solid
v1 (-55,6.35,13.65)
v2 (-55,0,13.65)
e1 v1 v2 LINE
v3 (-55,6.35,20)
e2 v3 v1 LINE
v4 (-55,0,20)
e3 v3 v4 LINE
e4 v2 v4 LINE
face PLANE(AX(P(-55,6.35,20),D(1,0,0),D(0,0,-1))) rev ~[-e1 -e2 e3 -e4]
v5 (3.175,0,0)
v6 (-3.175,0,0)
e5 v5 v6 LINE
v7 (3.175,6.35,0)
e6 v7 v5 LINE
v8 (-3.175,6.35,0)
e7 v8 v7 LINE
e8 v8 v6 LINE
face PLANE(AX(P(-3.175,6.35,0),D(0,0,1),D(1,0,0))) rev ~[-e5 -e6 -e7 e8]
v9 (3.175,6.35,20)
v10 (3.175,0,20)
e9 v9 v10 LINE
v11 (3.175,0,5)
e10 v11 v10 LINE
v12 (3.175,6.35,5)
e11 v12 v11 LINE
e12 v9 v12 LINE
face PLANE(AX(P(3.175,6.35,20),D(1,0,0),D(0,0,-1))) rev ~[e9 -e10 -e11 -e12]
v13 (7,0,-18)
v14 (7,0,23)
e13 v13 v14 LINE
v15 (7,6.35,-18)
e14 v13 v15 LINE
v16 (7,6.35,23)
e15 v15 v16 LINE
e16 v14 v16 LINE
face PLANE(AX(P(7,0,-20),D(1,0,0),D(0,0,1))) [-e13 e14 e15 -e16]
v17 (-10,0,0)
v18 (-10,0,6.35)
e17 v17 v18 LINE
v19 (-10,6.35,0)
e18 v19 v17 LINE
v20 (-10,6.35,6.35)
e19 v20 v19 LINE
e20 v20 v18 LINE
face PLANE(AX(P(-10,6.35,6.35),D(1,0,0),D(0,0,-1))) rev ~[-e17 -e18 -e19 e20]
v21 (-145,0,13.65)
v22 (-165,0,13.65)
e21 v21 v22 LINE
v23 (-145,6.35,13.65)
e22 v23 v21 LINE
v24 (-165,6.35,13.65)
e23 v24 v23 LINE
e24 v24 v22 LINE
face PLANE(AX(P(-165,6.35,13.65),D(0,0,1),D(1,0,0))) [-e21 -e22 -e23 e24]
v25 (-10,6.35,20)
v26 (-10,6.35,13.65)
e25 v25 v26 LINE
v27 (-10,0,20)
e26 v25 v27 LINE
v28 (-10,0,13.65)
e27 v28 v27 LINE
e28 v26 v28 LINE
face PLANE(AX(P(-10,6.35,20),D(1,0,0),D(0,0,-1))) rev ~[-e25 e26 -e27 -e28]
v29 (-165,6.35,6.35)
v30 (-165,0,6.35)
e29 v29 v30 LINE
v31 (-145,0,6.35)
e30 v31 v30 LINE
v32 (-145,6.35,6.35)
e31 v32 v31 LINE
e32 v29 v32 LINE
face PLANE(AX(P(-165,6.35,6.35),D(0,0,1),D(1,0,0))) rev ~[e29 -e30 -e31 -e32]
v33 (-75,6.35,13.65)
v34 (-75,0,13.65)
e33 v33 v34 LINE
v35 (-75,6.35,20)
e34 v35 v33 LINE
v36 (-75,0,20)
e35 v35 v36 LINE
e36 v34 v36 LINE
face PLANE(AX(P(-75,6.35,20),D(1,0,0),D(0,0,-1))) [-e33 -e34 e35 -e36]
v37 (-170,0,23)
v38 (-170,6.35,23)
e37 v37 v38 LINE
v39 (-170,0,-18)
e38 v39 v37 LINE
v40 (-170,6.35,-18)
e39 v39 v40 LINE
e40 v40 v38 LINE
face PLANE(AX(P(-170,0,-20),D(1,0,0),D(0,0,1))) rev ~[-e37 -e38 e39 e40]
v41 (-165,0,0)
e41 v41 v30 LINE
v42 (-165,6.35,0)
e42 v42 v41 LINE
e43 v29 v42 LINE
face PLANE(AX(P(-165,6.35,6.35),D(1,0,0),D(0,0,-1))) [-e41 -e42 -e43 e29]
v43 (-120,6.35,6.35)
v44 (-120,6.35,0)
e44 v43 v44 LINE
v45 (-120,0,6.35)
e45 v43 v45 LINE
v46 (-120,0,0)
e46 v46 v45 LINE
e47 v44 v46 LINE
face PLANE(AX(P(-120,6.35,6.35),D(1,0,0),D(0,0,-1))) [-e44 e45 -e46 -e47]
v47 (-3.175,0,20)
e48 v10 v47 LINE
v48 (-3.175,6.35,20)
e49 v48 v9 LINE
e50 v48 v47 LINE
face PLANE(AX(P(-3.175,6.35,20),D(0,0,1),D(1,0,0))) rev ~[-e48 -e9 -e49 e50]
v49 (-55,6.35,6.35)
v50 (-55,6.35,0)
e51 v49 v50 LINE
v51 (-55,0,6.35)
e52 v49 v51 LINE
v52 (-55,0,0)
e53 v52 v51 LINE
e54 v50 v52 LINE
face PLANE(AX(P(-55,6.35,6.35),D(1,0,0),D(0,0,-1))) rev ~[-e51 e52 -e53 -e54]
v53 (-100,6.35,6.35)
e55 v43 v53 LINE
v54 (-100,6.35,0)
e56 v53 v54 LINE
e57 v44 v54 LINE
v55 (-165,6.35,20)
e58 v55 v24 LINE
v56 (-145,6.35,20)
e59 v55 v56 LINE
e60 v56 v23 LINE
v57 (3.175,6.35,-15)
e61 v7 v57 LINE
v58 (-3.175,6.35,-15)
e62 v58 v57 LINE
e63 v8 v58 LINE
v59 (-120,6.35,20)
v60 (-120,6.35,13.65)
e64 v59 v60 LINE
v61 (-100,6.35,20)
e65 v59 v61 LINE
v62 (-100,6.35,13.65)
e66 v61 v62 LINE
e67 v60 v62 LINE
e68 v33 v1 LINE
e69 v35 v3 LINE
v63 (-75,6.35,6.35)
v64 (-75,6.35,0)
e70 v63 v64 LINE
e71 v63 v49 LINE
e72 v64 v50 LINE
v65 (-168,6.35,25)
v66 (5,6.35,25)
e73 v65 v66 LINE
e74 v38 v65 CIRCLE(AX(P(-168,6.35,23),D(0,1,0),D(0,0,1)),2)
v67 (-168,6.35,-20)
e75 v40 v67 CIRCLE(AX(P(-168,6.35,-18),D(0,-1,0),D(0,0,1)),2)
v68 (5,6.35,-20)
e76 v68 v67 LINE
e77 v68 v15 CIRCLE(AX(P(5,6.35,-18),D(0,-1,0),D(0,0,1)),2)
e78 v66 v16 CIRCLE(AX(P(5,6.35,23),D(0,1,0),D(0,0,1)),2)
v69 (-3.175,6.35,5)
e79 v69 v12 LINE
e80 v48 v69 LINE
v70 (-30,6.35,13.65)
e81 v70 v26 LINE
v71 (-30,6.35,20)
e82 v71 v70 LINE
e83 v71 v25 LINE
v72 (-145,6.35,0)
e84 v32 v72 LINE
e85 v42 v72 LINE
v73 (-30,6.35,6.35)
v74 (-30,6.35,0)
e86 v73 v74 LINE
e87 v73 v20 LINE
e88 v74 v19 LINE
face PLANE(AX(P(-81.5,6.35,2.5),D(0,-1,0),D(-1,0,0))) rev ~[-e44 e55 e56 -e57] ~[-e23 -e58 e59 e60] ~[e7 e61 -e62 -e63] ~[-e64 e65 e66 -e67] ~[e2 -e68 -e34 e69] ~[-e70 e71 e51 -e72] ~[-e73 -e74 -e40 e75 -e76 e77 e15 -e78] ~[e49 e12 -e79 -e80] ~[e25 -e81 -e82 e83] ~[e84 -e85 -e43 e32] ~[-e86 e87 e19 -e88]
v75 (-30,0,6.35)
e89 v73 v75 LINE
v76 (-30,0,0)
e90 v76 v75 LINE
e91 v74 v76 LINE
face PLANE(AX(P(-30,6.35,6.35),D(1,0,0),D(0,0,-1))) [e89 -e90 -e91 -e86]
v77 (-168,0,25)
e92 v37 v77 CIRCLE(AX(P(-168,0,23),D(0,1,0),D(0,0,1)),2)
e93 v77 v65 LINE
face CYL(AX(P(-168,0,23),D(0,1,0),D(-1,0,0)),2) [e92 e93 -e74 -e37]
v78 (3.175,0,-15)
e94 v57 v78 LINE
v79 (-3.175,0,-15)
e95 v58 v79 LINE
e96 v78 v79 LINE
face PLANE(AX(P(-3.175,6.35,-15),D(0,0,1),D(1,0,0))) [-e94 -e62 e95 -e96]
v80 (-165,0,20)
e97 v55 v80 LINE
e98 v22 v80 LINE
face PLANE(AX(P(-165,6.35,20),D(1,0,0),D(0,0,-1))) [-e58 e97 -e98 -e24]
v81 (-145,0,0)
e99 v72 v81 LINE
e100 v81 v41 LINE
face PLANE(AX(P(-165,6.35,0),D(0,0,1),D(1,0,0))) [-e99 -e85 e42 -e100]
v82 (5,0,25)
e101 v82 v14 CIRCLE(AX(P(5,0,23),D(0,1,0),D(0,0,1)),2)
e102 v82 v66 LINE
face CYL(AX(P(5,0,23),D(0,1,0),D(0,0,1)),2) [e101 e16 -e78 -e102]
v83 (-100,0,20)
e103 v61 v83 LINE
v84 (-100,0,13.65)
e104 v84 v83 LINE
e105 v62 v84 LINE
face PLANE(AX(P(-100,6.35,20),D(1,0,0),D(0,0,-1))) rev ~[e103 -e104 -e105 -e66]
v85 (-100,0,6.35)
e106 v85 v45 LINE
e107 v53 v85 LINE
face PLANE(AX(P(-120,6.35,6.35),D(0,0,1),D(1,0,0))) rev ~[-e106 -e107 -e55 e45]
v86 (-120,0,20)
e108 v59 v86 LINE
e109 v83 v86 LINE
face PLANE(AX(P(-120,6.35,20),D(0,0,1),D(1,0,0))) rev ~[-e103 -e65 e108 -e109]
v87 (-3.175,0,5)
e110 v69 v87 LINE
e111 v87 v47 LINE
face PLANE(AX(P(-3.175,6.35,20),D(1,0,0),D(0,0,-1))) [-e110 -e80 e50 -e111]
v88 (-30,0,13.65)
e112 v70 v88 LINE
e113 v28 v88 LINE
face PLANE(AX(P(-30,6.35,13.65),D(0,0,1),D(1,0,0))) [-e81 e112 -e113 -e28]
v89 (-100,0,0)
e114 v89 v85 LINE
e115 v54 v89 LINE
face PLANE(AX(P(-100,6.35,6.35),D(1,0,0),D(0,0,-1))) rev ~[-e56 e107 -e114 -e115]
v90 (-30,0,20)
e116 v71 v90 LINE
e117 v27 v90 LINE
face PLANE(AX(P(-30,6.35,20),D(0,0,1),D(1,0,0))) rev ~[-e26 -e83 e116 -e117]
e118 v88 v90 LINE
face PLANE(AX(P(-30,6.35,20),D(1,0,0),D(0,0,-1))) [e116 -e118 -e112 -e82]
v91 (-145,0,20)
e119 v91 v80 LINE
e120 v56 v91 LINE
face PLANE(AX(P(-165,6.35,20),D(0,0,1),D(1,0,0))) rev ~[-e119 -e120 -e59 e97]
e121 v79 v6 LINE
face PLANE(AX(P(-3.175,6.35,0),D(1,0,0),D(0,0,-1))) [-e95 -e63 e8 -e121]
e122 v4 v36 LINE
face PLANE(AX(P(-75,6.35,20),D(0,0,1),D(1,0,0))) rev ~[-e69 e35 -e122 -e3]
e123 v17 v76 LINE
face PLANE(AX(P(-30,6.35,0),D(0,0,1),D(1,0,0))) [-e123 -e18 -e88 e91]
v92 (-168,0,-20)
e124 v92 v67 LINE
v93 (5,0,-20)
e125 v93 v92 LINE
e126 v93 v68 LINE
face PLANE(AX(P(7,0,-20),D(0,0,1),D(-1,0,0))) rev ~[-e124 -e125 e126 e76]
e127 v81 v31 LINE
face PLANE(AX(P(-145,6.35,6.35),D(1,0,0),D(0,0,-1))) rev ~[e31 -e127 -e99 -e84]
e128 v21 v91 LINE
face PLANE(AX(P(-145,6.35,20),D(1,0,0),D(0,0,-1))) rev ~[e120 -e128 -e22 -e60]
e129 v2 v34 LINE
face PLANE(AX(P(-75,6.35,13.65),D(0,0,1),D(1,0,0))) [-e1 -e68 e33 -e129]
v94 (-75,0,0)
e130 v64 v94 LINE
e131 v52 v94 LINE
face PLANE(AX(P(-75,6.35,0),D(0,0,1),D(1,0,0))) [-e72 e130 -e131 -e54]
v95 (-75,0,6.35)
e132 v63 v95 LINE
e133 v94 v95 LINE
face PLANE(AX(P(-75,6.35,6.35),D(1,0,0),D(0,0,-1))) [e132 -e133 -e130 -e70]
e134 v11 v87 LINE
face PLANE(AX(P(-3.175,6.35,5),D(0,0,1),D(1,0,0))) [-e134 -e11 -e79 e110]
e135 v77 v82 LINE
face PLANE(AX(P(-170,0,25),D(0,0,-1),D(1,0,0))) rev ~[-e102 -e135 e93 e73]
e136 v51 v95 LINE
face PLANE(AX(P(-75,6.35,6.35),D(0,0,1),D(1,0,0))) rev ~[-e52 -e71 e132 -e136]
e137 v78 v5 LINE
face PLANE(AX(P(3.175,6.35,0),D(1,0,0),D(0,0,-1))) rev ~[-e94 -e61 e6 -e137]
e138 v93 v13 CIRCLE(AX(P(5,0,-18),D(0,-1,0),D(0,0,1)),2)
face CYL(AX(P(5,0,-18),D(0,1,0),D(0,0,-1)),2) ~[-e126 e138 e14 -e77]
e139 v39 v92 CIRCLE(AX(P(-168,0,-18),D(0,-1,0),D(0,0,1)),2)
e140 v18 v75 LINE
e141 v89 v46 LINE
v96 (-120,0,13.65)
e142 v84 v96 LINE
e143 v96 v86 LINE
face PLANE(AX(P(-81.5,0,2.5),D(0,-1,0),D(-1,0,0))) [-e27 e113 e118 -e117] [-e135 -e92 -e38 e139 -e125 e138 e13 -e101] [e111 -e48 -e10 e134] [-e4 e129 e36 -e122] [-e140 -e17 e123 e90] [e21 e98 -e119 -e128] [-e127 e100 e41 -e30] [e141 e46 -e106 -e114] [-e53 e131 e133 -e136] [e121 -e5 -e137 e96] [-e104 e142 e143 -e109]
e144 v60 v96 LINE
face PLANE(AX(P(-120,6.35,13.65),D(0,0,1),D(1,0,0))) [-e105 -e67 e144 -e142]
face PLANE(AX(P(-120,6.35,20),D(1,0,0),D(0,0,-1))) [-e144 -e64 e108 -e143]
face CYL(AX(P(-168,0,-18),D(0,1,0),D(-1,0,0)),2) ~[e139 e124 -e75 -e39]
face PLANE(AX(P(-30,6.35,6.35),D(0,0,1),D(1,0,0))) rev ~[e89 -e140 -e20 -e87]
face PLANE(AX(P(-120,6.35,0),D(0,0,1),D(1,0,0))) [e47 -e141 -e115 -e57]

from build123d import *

# Parameters (mm, degrees)
BOSS_EXTRUDE1_DEPTH = 6.35
SKETCH2_W           = 20
SKETCH2_H           = 6.35
CUT_EXTRUDE1_DEPTH  = 172.94569637
SKETCH4_W           = 6.35
SKETCH4_H           = 15
CUT_EXTRUDE2_DEPTH  = 172.94569637
FILLET1_R           = 2


with BuildPart() as part:
    # Sketch1 → Boss-Extrude1 (new body)
    with BuildSketch(Plane(origin=(0, 0, 0), x_dir=(1, 0, 0), z_dir=(0, 1, 0))):
        Polygon((-170, 0), (-170, 20), (0, 20), (7, 20), (7, -25), (0, -25), (-170, -25), align=None)
    extrude(amount=BOSS_EXTRUDE1_DEPTH)

    # Sketch2 → Cut-Extrude1 (cut, through all)
    with BuildSketch(Plane(origin=(0, 6.35, 0), x_dir=(1, 0, 0), z_dir=(0, 1, 0))):
        with Locations((-110, -16.825)):
            Rectangle(SKETCH2_W, SKETCH2_H)
        with Locations((-155, -16.825)):
            Rectangle(SKETCH2_W, SKETCH2_H)
        with Locations((-65, -16.825)):
            Rectangle(SKETCH2_W, SKETCH2_H)
        with Locations((-20, -16.825)):
            Rectangle(SKETCH2_W, SKETCH2_H)
        with Locations((-110, -3.175)):
            Rectangle(SKETCH2_W, SKETCH2_H)
        with Locations((-155, -3.175)):
            Rectangle(SKETCH2_W, SKETCH2_H)
        with Locations((-65, -3.175)):
            Rectangle(SKETCH2_W, SKETCH2_H)
        with Locations((-20, -3.175)):
            Rectangle(SKETCH2_W, SKETCH2_H)
    extrude(amount=-CUT_EXTRUDE1_DEPTH, mode=Mode.SUBTRACT)

    # Sketch4 → Cut-Extrude2 (cut, through all)
    with BuildSketch(Plane(origin=(0, 6.35, 0), x_dir=(1, 0, 0), z_dir=(0, 1, 0))):
        with Locations((0, -12.5)):
            Rectangle(SKETCH4_W, SKETCH4_H)
        with Locations((0, 7.5)):
            Rectangle(SKETCH4_W, SKETCH4_H)
    extrude(amount=-CUT_EXTRUDE2_DEPTH, mode=Mode.SUBTRACT)

    # Fillet1
    fillet1_edges = [part.edges().sort_by_distance(p)[0] for p in [
        (7, 3.175, -20),
        (7, 3.175, 25),
        (-170, 3.175, 25),
        (-170, 3.175, -20),
    ]]
    fillet(fillet1_edges, radius=FILLET1_R)


solid = part.part
